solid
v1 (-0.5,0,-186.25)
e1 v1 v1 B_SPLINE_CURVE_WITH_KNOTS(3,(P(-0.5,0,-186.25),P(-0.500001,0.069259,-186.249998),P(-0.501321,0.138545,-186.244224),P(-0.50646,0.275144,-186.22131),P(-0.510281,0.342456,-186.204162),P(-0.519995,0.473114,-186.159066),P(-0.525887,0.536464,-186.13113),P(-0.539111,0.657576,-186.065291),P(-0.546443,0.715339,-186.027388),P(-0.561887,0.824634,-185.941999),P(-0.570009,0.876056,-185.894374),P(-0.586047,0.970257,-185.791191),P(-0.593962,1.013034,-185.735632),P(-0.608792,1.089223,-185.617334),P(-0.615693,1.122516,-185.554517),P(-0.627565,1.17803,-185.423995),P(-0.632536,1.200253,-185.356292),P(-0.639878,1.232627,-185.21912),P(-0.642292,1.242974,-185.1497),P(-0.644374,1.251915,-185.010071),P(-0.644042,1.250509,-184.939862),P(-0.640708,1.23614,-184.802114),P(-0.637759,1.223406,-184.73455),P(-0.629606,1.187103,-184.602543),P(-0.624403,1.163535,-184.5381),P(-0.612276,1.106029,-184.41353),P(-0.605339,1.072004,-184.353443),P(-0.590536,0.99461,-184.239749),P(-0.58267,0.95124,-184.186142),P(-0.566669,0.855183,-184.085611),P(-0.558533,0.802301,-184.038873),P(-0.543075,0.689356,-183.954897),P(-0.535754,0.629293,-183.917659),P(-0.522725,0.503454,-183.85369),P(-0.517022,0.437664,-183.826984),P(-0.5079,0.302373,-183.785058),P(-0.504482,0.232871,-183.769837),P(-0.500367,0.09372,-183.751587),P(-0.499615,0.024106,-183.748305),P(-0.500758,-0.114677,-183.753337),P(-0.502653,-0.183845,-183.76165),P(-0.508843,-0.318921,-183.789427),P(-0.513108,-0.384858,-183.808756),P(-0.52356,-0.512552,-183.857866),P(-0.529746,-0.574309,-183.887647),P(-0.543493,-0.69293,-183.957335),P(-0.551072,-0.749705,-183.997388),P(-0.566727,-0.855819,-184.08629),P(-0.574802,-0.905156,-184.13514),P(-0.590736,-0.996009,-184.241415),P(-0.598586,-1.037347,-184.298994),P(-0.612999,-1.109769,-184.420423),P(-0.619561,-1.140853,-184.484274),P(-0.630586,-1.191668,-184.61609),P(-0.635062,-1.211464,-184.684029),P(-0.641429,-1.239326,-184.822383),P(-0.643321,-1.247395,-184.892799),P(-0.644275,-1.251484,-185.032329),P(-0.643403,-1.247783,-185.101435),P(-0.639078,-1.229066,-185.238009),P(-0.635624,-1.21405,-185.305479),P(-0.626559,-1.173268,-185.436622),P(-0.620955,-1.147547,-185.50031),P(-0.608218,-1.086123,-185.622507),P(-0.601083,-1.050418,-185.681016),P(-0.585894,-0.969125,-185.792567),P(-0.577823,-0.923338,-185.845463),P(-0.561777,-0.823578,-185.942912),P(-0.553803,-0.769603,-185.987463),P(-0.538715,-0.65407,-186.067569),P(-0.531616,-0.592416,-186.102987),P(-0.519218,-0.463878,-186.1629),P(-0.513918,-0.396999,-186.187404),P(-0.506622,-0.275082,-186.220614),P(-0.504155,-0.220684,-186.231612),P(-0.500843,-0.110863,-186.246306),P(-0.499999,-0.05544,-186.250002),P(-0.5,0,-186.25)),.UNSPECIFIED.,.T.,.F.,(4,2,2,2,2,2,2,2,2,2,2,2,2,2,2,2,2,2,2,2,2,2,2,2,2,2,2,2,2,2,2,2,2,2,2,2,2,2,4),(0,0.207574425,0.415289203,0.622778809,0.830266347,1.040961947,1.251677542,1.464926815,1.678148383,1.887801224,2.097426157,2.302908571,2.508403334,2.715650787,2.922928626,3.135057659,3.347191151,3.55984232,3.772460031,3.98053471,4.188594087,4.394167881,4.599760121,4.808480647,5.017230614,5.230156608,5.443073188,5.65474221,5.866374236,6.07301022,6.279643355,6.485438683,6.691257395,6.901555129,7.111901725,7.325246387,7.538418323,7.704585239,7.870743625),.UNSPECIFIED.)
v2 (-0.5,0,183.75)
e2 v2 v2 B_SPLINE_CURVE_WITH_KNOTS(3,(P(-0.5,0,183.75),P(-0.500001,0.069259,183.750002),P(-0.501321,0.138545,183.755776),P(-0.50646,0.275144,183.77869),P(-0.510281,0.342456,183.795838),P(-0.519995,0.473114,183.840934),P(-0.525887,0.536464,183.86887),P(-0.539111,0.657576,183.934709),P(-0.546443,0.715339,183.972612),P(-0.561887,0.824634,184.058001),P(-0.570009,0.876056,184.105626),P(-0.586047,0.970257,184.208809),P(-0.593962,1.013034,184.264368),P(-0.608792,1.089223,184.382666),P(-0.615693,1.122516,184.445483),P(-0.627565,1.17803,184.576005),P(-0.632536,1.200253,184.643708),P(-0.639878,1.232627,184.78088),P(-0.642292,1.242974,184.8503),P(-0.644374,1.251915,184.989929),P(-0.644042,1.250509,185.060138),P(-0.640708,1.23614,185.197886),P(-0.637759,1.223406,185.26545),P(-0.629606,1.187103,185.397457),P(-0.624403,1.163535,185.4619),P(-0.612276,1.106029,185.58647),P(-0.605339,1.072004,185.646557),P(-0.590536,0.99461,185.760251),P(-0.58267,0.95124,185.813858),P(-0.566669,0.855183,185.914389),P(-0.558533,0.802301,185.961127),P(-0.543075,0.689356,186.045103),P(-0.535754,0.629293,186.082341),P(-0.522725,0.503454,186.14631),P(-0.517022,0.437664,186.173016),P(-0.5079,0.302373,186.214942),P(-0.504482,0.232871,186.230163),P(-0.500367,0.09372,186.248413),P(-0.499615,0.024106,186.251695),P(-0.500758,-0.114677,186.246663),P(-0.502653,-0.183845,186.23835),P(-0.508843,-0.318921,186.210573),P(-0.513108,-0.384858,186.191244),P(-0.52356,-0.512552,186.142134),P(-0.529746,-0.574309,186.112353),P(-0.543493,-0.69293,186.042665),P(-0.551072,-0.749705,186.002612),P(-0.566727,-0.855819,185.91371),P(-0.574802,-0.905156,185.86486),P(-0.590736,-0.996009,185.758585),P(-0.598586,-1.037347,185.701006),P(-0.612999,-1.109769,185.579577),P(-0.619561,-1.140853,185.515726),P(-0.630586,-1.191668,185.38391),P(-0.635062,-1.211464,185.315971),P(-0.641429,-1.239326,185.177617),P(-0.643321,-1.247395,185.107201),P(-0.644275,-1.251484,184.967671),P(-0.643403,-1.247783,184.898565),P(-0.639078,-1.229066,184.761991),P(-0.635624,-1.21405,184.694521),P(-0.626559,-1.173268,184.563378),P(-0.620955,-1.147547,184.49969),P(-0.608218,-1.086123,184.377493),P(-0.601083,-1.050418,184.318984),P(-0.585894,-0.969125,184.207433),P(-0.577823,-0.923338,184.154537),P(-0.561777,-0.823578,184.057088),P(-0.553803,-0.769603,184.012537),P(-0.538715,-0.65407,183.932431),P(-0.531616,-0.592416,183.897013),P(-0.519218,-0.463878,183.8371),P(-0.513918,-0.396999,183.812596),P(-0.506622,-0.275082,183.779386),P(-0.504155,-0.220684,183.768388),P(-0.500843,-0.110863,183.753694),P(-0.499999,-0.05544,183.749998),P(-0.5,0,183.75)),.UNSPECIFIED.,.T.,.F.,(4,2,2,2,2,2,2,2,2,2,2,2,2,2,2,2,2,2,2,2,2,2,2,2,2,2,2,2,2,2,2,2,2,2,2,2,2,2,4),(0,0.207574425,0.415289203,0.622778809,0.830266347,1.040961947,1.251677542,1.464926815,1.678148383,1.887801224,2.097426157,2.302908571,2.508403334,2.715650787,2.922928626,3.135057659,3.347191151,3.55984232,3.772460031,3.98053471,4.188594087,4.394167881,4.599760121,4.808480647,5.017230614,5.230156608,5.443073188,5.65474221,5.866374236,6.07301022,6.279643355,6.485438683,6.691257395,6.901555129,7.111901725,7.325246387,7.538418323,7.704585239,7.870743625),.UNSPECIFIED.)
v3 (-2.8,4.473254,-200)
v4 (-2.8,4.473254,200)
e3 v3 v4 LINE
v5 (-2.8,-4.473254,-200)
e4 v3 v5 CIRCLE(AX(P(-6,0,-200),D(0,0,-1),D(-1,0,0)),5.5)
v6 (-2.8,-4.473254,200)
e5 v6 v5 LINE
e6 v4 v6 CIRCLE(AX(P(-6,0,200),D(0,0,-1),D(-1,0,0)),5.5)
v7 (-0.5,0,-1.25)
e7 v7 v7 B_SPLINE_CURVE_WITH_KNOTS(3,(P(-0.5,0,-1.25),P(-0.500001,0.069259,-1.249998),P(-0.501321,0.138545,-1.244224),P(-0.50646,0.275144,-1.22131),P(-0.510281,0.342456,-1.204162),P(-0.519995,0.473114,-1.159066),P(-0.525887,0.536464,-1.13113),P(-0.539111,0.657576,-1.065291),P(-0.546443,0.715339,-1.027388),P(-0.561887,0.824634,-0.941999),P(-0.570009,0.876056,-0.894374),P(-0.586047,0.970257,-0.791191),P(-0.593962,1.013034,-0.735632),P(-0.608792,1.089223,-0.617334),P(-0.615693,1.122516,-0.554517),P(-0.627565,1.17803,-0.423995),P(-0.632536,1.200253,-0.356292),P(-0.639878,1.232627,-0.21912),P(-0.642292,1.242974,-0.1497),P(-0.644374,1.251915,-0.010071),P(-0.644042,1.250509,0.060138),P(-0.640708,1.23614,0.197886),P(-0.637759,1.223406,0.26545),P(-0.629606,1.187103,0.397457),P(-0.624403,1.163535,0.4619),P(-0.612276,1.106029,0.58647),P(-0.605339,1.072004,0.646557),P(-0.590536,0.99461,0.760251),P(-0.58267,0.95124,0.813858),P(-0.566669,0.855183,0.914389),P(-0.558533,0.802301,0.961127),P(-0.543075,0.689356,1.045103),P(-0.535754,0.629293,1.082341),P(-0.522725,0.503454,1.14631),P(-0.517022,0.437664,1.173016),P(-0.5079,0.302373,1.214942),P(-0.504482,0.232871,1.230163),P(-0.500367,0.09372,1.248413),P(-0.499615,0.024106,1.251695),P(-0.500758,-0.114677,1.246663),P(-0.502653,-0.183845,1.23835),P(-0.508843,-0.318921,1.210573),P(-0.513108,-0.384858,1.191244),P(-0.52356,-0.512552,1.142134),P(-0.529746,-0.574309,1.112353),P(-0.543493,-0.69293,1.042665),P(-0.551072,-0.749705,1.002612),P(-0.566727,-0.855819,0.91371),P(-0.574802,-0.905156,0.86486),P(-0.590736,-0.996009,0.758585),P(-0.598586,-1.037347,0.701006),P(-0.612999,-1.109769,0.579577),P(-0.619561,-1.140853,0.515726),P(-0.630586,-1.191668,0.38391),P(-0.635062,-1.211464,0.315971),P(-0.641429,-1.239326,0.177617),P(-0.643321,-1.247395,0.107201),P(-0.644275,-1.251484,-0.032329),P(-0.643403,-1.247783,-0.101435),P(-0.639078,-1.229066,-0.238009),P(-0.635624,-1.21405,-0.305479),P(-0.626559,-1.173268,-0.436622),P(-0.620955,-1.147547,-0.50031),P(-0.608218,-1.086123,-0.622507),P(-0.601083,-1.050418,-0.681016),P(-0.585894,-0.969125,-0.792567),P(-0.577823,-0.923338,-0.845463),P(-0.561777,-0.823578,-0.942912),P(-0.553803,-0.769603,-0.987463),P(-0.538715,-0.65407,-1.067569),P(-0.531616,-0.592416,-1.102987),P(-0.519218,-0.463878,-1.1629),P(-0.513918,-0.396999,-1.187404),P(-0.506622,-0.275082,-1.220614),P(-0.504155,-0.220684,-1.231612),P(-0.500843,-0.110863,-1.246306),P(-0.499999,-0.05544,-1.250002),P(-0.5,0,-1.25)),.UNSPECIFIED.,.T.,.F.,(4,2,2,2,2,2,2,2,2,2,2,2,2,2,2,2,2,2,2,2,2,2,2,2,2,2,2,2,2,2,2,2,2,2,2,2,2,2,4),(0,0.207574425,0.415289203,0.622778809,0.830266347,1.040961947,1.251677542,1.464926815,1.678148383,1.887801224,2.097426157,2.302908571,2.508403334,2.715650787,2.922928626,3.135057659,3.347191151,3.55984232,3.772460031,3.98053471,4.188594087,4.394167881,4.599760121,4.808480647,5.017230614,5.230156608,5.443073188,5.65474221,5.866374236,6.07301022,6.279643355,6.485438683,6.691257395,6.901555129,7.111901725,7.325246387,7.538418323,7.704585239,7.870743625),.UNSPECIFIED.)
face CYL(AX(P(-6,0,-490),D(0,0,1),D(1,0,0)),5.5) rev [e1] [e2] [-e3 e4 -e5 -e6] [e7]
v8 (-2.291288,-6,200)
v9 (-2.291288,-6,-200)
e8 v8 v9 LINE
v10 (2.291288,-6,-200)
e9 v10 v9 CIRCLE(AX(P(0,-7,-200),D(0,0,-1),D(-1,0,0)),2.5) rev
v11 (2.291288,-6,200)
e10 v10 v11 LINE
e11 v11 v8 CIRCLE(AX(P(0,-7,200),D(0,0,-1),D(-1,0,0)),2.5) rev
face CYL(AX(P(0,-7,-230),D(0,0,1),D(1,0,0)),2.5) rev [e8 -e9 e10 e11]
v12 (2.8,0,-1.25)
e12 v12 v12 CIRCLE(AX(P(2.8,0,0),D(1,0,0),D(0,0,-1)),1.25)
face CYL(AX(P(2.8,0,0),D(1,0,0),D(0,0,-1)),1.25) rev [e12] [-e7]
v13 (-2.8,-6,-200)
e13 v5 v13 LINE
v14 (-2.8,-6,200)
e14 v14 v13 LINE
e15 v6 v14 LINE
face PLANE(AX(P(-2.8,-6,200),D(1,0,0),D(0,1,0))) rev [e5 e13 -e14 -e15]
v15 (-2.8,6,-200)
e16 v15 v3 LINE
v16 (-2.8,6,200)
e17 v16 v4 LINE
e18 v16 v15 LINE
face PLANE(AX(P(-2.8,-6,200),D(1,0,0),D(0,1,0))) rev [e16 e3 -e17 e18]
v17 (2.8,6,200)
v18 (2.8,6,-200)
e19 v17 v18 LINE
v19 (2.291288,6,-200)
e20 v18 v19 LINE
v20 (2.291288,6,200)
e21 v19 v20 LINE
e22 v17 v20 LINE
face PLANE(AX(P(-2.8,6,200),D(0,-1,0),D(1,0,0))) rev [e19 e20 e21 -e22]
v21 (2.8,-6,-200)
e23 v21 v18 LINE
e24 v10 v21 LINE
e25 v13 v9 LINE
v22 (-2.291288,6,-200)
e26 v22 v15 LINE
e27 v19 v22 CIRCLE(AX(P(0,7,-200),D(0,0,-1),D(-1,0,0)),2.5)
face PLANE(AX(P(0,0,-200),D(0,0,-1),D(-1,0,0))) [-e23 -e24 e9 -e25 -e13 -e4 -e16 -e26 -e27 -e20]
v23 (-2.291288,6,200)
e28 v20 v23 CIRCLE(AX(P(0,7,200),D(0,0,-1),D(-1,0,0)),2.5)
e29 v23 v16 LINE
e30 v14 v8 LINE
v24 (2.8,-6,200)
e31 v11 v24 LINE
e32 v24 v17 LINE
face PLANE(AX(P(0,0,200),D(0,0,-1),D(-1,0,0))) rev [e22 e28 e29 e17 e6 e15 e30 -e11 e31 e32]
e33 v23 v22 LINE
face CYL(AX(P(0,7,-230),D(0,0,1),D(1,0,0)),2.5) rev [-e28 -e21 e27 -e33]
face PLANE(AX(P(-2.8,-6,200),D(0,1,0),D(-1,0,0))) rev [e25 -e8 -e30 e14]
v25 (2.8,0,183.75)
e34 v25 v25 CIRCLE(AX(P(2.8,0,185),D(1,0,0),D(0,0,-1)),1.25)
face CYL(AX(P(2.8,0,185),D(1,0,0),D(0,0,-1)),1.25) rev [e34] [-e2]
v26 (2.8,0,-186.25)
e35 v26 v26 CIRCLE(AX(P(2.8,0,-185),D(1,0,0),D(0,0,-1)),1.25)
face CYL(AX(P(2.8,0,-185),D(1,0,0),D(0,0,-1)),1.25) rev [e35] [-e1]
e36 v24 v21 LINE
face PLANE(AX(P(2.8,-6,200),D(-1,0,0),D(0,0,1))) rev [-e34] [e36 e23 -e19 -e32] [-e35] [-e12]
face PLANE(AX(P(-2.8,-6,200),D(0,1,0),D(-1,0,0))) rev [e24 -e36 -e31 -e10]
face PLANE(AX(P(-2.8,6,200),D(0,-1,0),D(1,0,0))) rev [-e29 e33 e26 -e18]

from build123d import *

# Parameters (mm, degrees)
SKETCH_1_W          = 5.6
SKETCH_1_H          = 12
EXTRUDE_1_DEPTH     = 200
SKETCH_2_R          = 2.5
CUT_EXTRUDE_1_DEPTH = 230
SKETCH_3_R          = 5.5
CUT_EXTRUDE_2_DEPTH = 690
HOLE_WIZARD_M3_1_D  = 2.5


with BuildPart() as part:
    # 草图1 → 凸台-拉伸1 (new, symmetric)
    with BuildSketch(Plane.XY):
        Rectangle(SKETCH_1_W, SKETCH_1_H)
    extrude(amount=EXTRUDE_1_DEPTH, both=True)

    # 草图2 → 切除-拉伸1 (cut, symmetric)
    with BuildSketch(Plane.XY):
        with Locations((0, 7)):
            Circle(SKETCH_2_R)
    cut_extrude_1 = extrude(amount=CUT_EXTRUDE_1_DEPTH, both=True, mode=Mode.SUBTRACT)

    # 镜向1: 切除-拉伸1 across plane
    add(cut_extrude_1.mirror(Plane.ZX), mode=Mode.SUBTRACT)

    # 草图3 → 切除-拉伸2 (cut, symmetric)
    with BuildSketch(Plane.XY.offset(200)):
        with Locations((-6, 0)):
            Circle(SKETCH_3_R)
    extrude(amount=CUT_EXTRUDE_2_DEPTH, both=True, mode=Mode.SUBTRACT)

    # M3 螺纹孔1 (through all)
    with Locations(Plane(origin=(2.8, 0, 0), x_dir=(0, 0, -1), z_dir=(1, 0, 0))):
        with Locations((-185, 0), (0, 0), (185, 0)):
            Hole(HOLE_WIZARD_M3_1_D / 2)


solid = part.part
